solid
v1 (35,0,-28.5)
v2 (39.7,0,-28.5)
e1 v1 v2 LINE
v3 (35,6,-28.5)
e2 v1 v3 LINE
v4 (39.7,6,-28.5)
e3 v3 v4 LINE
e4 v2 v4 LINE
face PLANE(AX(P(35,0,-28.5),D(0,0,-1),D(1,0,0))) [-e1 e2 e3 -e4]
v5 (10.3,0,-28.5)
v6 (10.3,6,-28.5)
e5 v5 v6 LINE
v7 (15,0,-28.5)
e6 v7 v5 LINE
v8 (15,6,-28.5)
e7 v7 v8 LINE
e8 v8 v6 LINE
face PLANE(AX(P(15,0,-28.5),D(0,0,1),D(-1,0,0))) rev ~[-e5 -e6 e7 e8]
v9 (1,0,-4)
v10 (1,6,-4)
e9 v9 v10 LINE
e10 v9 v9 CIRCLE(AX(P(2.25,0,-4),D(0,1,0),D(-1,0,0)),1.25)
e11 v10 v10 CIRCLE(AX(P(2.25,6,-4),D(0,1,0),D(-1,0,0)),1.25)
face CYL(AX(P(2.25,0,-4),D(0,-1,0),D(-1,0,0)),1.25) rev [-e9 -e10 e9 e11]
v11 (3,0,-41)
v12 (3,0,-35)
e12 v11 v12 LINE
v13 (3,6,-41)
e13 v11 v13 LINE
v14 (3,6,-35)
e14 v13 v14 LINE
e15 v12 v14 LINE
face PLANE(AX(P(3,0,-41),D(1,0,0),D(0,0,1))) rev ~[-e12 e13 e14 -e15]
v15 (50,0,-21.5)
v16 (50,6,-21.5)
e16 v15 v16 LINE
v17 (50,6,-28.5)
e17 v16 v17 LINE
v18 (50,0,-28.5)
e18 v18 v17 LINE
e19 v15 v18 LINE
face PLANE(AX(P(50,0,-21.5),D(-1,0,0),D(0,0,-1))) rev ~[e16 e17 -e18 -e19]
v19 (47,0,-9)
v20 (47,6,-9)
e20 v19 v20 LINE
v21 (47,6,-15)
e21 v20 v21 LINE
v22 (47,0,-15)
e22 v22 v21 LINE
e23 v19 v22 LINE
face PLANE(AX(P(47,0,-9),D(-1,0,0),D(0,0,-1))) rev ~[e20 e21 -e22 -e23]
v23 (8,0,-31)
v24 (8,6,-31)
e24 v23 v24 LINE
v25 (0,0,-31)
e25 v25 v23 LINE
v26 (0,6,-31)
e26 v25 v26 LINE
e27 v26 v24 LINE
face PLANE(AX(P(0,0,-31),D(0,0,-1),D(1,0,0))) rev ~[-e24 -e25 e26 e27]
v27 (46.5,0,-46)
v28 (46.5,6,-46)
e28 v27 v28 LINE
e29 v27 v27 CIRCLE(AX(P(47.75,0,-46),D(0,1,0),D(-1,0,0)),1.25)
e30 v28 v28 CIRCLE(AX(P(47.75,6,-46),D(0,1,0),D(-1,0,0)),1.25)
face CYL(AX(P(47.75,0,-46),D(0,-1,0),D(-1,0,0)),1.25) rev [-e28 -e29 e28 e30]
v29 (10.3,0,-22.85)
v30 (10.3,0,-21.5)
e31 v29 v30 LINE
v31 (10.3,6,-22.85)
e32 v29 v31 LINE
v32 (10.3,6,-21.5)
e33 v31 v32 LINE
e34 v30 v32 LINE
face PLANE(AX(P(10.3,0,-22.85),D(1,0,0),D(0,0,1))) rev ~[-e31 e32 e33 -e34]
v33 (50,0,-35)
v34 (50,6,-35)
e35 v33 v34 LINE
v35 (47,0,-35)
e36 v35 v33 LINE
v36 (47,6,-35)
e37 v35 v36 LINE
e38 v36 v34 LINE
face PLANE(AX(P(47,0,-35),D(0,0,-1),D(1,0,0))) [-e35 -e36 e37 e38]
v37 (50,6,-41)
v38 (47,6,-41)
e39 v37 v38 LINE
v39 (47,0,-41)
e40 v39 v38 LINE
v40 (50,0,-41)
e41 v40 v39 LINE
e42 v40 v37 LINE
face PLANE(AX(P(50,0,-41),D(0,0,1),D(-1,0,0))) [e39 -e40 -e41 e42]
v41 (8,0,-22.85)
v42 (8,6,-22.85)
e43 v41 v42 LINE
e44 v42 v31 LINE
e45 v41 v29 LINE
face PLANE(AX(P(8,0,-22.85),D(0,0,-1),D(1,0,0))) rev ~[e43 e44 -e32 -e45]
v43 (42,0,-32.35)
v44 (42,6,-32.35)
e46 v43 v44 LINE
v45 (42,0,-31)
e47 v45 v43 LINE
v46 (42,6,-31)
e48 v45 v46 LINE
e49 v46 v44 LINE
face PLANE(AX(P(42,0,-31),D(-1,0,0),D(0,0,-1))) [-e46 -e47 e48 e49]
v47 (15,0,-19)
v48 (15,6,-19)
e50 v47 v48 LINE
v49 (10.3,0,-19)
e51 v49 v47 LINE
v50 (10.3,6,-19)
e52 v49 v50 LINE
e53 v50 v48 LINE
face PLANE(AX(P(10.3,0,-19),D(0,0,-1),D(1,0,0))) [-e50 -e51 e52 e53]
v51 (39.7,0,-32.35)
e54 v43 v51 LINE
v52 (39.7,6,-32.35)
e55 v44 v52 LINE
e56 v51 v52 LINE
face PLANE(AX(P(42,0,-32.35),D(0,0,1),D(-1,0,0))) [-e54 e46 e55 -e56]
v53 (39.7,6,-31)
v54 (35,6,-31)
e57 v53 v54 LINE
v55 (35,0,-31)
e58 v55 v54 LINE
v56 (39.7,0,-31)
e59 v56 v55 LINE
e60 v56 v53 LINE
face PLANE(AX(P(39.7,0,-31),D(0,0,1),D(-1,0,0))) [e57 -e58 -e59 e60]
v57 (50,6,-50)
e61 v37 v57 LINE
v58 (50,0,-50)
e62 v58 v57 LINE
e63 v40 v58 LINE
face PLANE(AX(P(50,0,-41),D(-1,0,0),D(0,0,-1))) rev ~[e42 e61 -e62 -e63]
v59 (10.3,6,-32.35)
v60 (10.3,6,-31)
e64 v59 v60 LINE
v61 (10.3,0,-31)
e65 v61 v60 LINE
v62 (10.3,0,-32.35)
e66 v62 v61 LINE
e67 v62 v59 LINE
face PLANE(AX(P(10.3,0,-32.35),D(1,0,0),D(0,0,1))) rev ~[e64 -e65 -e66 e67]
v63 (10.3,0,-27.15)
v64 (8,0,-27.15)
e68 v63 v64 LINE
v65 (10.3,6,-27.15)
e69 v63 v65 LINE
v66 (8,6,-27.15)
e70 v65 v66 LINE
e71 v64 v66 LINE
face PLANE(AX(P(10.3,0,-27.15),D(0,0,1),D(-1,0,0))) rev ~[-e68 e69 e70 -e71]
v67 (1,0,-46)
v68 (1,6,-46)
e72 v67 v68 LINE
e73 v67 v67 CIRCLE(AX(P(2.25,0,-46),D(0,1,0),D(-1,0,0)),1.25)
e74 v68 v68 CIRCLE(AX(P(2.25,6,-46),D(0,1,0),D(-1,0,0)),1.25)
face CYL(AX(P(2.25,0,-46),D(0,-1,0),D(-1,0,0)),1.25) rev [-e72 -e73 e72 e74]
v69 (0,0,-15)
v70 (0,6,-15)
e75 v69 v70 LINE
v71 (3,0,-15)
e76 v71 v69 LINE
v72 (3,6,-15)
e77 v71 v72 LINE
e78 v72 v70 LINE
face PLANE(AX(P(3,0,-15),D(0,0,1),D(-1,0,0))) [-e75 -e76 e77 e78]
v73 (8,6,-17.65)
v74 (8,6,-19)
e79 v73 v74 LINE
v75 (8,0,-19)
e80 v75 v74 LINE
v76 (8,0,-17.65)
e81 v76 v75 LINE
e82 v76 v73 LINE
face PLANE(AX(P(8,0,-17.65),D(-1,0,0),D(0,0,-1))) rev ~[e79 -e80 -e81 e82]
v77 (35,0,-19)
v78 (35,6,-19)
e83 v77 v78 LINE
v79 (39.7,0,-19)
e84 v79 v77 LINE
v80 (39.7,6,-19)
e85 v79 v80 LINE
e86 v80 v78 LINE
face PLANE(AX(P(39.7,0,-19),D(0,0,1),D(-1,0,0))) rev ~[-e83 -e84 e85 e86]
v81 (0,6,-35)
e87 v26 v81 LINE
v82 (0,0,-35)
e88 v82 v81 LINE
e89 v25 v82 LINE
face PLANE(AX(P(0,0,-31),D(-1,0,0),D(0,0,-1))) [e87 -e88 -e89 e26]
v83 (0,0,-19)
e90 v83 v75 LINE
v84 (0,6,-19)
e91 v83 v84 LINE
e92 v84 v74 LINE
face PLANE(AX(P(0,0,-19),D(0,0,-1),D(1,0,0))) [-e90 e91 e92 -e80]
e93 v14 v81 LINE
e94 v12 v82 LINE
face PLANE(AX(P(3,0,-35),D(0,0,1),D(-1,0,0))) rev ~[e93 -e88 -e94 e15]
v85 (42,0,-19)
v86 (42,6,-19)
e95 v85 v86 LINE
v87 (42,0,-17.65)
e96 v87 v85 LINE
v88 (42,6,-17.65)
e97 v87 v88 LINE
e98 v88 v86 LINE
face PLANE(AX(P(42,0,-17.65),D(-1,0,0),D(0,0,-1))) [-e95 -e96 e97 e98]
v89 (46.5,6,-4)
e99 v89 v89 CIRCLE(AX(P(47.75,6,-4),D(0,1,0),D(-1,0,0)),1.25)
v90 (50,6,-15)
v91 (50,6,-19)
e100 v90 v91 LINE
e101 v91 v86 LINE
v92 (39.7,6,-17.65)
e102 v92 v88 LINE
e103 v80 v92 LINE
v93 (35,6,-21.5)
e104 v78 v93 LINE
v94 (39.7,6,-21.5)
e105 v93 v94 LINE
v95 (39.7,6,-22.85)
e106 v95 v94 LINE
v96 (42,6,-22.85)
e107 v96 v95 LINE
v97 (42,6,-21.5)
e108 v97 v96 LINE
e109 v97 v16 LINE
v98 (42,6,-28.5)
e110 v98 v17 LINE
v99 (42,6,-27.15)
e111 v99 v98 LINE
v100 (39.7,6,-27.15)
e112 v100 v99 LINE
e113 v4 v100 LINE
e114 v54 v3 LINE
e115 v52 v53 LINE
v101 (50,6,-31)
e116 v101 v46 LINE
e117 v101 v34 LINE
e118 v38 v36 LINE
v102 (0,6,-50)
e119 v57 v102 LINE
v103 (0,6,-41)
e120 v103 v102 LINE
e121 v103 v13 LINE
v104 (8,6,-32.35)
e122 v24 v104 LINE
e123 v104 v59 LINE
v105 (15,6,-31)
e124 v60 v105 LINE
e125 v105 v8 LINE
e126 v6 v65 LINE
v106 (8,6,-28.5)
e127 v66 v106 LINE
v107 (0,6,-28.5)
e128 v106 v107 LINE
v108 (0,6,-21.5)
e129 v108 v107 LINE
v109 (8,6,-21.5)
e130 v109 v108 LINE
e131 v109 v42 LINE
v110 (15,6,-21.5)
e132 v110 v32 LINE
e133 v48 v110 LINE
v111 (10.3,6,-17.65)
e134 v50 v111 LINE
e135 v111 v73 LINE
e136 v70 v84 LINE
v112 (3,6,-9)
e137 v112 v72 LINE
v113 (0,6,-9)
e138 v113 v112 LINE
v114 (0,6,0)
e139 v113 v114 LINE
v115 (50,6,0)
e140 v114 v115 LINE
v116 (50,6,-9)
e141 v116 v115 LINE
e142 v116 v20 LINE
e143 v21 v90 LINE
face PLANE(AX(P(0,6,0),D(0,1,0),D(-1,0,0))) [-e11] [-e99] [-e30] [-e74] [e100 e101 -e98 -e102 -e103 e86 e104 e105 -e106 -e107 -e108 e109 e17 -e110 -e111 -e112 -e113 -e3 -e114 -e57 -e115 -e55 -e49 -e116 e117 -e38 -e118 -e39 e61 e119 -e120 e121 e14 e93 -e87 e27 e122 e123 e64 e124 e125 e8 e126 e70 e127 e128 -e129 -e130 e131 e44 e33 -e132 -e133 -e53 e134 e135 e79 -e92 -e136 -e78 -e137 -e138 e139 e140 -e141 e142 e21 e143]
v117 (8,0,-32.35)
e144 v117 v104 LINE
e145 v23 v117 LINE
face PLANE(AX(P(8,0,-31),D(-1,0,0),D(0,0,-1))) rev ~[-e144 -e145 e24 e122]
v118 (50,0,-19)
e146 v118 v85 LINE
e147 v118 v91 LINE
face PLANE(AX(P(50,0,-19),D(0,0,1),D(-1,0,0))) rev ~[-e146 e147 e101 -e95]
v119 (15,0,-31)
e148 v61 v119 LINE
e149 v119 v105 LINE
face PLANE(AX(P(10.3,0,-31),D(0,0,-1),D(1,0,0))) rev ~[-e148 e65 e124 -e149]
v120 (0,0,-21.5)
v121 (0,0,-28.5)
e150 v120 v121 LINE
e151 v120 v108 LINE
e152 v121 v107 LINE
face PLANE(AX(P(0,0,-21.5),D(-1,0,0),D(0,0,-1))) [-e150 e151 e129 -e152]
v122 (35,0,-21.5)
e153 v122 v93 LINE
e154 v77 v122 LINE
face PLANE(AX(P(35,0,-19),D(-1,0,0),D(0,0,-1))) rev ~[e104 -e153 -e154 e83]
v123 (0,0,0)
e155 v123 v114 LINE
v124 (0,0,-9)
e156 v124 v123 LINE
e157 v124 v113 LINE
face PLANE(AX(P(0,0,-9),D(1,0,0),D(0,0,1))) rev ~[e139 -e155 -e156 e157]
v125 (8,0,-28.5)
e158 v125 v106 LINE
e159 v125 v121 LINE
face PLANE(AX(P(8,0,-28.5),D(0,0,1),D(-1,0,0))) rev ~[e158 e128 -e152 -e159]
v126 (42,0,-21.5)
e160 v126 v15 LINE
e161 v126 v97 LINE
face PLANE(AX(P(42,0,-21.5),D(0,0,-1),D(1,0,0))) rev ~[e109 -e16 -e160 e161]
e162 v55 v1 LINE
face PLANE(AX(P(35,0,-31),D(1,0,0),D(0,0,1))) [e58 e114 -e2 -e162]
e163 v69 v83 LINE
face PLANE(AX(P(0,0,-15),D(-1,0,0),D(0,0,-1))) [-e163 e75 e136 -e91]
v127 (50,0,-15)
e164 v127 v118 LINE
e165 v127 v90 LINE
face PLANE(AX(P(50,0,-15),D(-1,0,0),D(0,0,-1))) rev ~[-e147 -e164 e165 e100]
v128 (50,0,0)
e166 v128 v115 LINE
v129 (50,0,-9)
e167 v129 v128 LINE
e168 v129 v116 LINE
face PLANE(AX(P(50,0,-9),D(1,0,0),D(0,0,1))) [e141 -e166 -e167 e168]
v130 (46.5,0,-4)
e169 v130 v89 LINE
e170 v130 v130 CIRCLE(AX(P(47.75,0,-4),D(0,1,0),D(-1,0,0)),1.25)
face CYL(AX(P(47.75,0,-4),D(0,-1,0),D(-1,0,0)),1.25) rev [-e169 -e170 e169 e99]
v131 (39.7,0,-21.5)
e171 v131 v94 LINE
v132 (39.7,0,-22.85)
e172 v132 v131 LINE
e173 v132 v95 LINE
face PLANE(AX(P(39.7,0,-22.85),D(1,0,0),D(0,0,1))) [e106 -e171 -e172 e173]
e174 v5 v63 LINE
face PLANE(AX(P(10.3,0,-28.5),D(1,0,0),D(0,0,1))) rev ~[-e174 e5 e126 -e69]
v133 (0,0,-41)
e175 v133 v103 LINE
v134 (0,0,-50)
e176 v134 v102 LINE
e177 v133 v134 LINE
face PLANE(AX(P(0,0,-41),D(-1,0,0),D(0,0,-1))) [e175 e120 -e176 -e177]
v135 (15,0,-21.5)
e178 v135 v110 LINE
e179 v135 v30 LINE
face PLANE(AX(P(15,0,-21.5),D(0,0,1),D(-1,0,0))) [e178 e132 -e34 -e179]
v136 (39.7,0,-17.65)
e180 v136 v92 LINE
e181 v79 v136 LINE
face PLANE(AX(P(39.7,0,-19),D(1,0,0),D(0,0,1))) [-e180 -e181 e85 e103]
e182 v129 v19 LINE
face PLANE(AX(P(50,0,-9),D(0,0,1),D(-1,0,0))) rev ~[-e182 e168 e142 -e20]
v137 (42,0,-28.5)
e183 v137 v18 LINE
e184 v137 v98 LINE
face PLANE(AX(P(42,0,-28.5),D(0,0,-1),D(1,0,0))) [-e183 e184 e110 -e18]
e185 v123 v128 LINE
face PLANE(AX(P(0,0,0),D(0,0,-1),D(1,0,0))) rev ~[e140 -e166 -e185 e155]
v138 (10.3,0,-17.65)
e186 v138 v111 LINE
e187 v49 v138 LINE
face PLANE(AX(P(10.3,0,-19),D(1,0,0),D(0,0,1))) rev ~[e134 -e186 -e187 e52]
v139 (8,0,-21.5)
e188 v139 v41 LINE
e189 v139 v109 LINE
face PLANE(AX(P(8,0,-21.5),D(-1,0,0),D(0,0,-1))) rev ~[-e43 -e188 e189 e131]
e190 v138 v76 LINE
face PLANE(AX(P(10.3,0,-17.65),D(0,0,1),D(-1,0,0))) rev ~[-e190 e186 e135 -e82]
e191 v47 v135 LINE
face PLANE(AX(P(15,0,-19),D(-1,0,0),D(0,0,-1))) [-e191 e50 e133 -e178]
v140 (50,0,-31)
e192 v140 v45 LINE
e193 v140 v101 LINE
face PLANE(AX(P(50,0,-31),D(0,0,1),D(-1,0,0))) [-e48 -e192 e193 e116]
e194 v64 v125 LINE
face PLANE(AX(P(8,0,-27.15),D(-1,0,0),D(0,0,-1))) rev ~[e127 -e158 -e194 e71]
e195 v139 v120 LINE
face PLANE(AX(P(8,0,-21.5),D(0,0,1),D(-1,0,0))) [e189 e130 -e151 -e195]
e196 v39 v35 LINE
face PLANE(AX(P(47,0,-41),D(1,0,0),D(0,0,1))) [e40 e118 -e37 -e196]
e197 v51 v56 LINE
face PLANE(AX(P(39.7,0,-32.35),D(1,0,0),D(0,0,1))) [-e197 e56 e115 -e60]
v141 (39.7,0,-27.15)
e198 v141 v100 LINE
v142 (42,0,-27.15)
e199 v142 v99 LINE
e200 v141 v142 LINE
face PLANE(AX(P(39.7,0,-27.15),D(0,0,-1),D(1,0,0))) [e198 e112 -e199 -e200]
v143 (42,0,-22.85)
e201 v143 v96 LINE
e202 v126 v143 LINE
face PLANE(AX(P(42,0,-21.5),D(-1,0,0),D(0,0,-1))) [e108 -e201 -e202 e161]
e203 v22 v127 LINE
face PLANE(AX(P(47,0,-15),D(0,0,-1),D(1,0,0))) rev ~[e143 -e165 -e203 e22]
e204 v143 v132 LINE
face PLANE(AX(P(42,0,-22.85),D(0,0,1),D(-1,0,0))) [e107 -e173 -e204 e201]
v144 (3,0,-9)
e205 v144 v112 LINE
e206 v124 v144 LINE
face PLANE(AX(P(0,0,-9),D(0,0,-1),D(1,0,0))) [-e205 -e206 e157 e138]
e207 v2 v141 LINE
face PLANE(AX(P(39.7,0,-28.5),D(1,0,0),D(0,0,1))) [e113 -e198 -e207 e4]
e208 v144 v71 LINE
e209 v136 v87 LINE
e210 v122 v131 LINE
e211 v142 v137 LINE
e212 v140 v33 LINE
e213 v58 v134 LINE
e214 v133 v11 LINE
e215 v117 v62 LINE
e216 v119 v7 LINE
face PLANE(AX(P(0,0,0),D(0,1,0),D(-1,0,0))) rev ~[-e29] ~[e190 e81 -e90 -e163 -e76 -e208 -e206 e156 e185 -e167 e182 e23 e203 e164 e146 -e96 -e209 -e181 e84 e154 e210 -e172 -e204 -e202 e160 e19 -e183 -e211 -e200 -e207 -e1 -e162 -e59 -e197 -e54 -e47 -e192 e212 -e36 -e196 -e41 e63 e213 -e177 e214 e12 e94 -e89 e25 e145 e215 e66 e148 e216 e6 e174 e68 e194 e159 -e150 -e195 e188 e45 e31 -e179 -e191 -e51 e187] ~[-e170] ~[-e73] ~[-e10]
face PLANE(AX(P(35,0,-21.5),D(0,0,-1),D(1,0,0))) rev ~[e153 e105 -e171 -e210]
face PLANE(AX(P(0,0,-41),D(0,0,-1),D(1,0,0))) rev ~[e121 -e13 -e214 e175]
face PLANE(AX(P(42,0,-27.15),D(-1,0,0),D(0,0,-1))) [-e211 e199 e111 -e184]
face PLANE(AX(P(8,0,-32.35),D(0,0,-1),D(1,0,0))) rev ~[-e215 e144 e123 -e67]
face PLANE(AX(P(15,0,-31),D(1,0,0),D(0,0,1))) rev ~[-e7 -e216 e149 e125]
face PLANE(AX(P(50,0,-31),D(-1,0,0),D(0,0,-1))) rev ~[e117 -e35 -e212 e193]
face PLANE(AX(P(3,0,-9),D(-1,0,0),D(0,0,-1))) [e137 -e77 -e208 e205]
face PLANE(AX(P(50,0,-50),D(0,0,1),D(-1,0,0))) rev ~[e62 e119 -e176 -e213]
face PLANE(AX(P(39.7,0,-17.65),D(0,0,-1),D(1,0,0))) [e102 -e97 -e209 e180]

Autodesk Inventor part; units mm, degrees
ref_plane "YZ Plane" through (0, 0, 0) normal (1, 0, 0) x (0, 1, 0)
ref_plane "XZ Plane" through (0, 0, 0) normal (0, 1, 0) x (-1, 0, 0)
ref_plane "XY Plane" through (0, 0, 0) normal (0, 0, 1) x (1, 0, 0)
sketch "Sketch1" plane through (0, 0, 0) normal (0, 1, 0) x (-1, 0, 0)
  line L0 (0, 0) -> (-50, 0)
  line L1 (-50, -50) -> (0, -50)
  line L2 (-50, -41) -> (-47, -41)
  line L3 (-47, -41) -> (-47, -35)
  line L4 (-47, -35) -> (-50, -35)
  line L5 (-50, -35) -> (-50, -41) construction
  line L6 (-50, -9) -> (-47, -9)
  line L7 (-47, -9) -> (-47, -15)
  line L8 (-47, -15) -> (-50, -15)
  line L9 (-50, -15) -> (-50, -9) construction
  line L10 (-25, 0) -> (-25, -50) construction
  line L11 (-50, -9) -> (-50, 0)
  line L12 (-50, -15) -> (-50, -19)
  line L13 (-50, -41) -> (-50, -50)
  circle A0 centre (-47.75, -4) radius 1.25
  circle A1 centre (-47.75, -46) radius 1.25
  line L14 (-50, -31) -> (-42, -31)
  line L15 (-35, -31) -> (-35, -28.5)
  line L16 (-35, -28.5) -> (-39.7, -28.5)
  line L17 (-50, -19) -> (-42, -19)
  line L18 (-35, -19) -> (-35, -21.5)
  line L19 (-35, -21.5) -> (-39.7, -21.5)
  line L20 (-50, -31) -> (-50, -35)
  line L21 (-50, -28.5) -> (-50, -31) construction
  line L22 (-50, -21.5) -> (-50, -28.5)
  line L23 (-50, -19) -> (-50, -21.5) construction
  line L24 (-42, -32.35) -> (-39.7, -32.35)
  line L25 (-39.7, -32.35) -> (-39.7, -31)
  line L26 (-39.7, -27.15) -> (-42, -27.15)
  line L27 (-42, -27.15) -> (-42, -28.5)
  line L28 (-42, -31) -> (-42, -32.35)
  line L29 (-42, -28.5) -> (-42, -31) construction
  line L30 (-42, -22.85) -> (-39.7, -22.85)
  line L31 (-39.7, -22.85) -> (-39.7, -21.5)
  line L32 (-39.7, -17.65) -> (-42, -17.65)
  line L33 (-42, -17.65) -> (-42, -19)
  line L34 (-42, -21.5) -> (-42, -22.85)
  line L35 (-42, -19) -> (-42, -21.5) construction
  line L36 (-39.7, -28.5) -> (-39.7, -27.15)
  line L37 (-39.7, -31) -> (-39.7, -28.5) construction
  line L38 (-39.7, -21.5) -> (-39.7, -19) construction
  line L39 (-39.7, -19) -> (-39.7, -17.65)
  line L40 (-42, -31) -> (-39.7, -31) construction
  line L41 (-39.7, -31) -> (-35, -31)
  line L42 (-42, -28.5) -> (-50, -28.5)
  line L43 (-39.7, -28.5) -> (-42, -28.5) construction
  line L44 (-42, -21.5) -> (-50, -21.5)
  line L45 (-39.7, -21.5) -> (-42, -21.5) construction
  line L46 (-42, -19) -> (-39.7, -19) construction
  line L47 (-39.7, -19) -> (-35, -19)
  line L48 (0, -41) -> (-3, -41)
  line L49 (-3, -41) -> (-3, -35)
  line L50 (-3, -35) -> (0, -35)
  line L51 (0, -35) -> (0, -41) construction
  line L52 (0, -9) -> (-3, -9)
  line L53 (-3, -9) -> (-3, -15)
  line L54 (-3, -15) -> (0, -15)
  line L55 (0, -15) -> (0, -9) construction
  line L56 (0, -9) -> (0, 0)
  line L57 (0, -15) -> (0, -19)
  line L58 (0, -41) -> (0, -50)
  circle A2 centre (-2.25, -4) radius 1.25
  circle A3 centre (-2.25, -46) radius 1.25
  line L59 (0, -31) -> (-8, -31)
  line L60 (-15, -31) -> (-15, -28.5)
  line L61 (-15, -28.5) -> (-10.3, -28.5)
  line L62 (0, -19) -> (-8, -19)
  line L63 (-15, -19) -> (-15, -21.5)
  line L64 (-15, -21.5) -> (-10.3, -21.5)
  line L65 (0, -31) -> (0, -35)
  line L66 (0, -28.5) -> (0, -31) construction
  line L67 (0, -21.5) -> (0, -28.5)
  line L68 (0, -19) -> (0, -21.5) construction
  line L69 (-8, -32.35) -> (-10.3, -32.35)
  line L70 (-10.3, -32.35) -> (-10.3, -31)
  line L71 (-10.3, -27.15) -> (-8, -27.15)
  line L72 (-8, -27.15) -> (-8, -28.5)
  line L73 (-8, -31) -> (-8, -32.35)
  line L74 (-8, -28.5) -> (-8, -31) construction
  line L75 (-8, -22.85) -> (-10.3, -22.85)
  line L76 (-10.3, -22.85) -> (-10.3, -21.5)
  line L77 (-10.3, -17.65) -> (-8, -17.65)
  line L78 (-8, -17.65) -> (-8, -19)
  line L79 (-8, -21.5) -> (-8, -22.85)
  line L80 (-8, -19) -> (-8, -21.5) construction
  line L81 (-10.3, -28.5) -> (-10.3, -27.15)
  line L82 (-10.3, -31) -> (-10.3, -28.5) construction
  line L83 (-10.3, -21.5) -> (-10.3, -19) construction
  line L84 (-10.3, -19) -> (-10.3, -17.65)
  line L85 (-8, -31) -> (-10.3, -31) construction
  line L86 (-10.3, -31) -> (-15, -31)
  line L87 (-8, -28.5) -> (0, -28.5)
  line L88 (-10.3, -28.5) -> (-8, -28.5) construction
  line L89 (-8, -21.5) -> (0, -21.5)
  line L90 (-10.3, -21.5) -> (-8, -21.5) construction
  line L91 (-8, -19) -> (-10.3, -19) construction
  line L92 (-10.3, -19) -> (-15, -19)
  dimension "d0" = 50
  dimension "d1" = 50
  dimension "d20" = 3
  dimension "d21" = 6
  dimension "d22" = 6
  dimension "d26" = 20
  dimension "d27" = 2.5
  dimension "d28" = 2.25
  dimension "d30" = 2.5
  dimension "d31" = 2.25
  dimension "d32" = 5
  dimension "d33" = 15
  dimension "d34" = 2.5
  dimension "d35" = 15
  dimension "d36" = 2.5
  dimension "d37" = 4
  dimension "d38" = 5.2
  dimension "d39" = 2.3
  dimension "d40" = 8
  dimension "d41" = 2.3
  dimension "d42" = 5.2
  dimension "d43" = 8
  dimension "d44" = 5
extrude "Extrusion2" add sketch "Sketch1" along normal blind 6
equation "\"d22\" = d21"
equation "\"d30\" = d27"
equation "\"d31\" = d28"
equation "\"d33\" = d35"
equation "\"d34\" = d27"
equation "\"d36\" = d27"
equation "\"d43\" = d40"
properties part number "wall-front"
